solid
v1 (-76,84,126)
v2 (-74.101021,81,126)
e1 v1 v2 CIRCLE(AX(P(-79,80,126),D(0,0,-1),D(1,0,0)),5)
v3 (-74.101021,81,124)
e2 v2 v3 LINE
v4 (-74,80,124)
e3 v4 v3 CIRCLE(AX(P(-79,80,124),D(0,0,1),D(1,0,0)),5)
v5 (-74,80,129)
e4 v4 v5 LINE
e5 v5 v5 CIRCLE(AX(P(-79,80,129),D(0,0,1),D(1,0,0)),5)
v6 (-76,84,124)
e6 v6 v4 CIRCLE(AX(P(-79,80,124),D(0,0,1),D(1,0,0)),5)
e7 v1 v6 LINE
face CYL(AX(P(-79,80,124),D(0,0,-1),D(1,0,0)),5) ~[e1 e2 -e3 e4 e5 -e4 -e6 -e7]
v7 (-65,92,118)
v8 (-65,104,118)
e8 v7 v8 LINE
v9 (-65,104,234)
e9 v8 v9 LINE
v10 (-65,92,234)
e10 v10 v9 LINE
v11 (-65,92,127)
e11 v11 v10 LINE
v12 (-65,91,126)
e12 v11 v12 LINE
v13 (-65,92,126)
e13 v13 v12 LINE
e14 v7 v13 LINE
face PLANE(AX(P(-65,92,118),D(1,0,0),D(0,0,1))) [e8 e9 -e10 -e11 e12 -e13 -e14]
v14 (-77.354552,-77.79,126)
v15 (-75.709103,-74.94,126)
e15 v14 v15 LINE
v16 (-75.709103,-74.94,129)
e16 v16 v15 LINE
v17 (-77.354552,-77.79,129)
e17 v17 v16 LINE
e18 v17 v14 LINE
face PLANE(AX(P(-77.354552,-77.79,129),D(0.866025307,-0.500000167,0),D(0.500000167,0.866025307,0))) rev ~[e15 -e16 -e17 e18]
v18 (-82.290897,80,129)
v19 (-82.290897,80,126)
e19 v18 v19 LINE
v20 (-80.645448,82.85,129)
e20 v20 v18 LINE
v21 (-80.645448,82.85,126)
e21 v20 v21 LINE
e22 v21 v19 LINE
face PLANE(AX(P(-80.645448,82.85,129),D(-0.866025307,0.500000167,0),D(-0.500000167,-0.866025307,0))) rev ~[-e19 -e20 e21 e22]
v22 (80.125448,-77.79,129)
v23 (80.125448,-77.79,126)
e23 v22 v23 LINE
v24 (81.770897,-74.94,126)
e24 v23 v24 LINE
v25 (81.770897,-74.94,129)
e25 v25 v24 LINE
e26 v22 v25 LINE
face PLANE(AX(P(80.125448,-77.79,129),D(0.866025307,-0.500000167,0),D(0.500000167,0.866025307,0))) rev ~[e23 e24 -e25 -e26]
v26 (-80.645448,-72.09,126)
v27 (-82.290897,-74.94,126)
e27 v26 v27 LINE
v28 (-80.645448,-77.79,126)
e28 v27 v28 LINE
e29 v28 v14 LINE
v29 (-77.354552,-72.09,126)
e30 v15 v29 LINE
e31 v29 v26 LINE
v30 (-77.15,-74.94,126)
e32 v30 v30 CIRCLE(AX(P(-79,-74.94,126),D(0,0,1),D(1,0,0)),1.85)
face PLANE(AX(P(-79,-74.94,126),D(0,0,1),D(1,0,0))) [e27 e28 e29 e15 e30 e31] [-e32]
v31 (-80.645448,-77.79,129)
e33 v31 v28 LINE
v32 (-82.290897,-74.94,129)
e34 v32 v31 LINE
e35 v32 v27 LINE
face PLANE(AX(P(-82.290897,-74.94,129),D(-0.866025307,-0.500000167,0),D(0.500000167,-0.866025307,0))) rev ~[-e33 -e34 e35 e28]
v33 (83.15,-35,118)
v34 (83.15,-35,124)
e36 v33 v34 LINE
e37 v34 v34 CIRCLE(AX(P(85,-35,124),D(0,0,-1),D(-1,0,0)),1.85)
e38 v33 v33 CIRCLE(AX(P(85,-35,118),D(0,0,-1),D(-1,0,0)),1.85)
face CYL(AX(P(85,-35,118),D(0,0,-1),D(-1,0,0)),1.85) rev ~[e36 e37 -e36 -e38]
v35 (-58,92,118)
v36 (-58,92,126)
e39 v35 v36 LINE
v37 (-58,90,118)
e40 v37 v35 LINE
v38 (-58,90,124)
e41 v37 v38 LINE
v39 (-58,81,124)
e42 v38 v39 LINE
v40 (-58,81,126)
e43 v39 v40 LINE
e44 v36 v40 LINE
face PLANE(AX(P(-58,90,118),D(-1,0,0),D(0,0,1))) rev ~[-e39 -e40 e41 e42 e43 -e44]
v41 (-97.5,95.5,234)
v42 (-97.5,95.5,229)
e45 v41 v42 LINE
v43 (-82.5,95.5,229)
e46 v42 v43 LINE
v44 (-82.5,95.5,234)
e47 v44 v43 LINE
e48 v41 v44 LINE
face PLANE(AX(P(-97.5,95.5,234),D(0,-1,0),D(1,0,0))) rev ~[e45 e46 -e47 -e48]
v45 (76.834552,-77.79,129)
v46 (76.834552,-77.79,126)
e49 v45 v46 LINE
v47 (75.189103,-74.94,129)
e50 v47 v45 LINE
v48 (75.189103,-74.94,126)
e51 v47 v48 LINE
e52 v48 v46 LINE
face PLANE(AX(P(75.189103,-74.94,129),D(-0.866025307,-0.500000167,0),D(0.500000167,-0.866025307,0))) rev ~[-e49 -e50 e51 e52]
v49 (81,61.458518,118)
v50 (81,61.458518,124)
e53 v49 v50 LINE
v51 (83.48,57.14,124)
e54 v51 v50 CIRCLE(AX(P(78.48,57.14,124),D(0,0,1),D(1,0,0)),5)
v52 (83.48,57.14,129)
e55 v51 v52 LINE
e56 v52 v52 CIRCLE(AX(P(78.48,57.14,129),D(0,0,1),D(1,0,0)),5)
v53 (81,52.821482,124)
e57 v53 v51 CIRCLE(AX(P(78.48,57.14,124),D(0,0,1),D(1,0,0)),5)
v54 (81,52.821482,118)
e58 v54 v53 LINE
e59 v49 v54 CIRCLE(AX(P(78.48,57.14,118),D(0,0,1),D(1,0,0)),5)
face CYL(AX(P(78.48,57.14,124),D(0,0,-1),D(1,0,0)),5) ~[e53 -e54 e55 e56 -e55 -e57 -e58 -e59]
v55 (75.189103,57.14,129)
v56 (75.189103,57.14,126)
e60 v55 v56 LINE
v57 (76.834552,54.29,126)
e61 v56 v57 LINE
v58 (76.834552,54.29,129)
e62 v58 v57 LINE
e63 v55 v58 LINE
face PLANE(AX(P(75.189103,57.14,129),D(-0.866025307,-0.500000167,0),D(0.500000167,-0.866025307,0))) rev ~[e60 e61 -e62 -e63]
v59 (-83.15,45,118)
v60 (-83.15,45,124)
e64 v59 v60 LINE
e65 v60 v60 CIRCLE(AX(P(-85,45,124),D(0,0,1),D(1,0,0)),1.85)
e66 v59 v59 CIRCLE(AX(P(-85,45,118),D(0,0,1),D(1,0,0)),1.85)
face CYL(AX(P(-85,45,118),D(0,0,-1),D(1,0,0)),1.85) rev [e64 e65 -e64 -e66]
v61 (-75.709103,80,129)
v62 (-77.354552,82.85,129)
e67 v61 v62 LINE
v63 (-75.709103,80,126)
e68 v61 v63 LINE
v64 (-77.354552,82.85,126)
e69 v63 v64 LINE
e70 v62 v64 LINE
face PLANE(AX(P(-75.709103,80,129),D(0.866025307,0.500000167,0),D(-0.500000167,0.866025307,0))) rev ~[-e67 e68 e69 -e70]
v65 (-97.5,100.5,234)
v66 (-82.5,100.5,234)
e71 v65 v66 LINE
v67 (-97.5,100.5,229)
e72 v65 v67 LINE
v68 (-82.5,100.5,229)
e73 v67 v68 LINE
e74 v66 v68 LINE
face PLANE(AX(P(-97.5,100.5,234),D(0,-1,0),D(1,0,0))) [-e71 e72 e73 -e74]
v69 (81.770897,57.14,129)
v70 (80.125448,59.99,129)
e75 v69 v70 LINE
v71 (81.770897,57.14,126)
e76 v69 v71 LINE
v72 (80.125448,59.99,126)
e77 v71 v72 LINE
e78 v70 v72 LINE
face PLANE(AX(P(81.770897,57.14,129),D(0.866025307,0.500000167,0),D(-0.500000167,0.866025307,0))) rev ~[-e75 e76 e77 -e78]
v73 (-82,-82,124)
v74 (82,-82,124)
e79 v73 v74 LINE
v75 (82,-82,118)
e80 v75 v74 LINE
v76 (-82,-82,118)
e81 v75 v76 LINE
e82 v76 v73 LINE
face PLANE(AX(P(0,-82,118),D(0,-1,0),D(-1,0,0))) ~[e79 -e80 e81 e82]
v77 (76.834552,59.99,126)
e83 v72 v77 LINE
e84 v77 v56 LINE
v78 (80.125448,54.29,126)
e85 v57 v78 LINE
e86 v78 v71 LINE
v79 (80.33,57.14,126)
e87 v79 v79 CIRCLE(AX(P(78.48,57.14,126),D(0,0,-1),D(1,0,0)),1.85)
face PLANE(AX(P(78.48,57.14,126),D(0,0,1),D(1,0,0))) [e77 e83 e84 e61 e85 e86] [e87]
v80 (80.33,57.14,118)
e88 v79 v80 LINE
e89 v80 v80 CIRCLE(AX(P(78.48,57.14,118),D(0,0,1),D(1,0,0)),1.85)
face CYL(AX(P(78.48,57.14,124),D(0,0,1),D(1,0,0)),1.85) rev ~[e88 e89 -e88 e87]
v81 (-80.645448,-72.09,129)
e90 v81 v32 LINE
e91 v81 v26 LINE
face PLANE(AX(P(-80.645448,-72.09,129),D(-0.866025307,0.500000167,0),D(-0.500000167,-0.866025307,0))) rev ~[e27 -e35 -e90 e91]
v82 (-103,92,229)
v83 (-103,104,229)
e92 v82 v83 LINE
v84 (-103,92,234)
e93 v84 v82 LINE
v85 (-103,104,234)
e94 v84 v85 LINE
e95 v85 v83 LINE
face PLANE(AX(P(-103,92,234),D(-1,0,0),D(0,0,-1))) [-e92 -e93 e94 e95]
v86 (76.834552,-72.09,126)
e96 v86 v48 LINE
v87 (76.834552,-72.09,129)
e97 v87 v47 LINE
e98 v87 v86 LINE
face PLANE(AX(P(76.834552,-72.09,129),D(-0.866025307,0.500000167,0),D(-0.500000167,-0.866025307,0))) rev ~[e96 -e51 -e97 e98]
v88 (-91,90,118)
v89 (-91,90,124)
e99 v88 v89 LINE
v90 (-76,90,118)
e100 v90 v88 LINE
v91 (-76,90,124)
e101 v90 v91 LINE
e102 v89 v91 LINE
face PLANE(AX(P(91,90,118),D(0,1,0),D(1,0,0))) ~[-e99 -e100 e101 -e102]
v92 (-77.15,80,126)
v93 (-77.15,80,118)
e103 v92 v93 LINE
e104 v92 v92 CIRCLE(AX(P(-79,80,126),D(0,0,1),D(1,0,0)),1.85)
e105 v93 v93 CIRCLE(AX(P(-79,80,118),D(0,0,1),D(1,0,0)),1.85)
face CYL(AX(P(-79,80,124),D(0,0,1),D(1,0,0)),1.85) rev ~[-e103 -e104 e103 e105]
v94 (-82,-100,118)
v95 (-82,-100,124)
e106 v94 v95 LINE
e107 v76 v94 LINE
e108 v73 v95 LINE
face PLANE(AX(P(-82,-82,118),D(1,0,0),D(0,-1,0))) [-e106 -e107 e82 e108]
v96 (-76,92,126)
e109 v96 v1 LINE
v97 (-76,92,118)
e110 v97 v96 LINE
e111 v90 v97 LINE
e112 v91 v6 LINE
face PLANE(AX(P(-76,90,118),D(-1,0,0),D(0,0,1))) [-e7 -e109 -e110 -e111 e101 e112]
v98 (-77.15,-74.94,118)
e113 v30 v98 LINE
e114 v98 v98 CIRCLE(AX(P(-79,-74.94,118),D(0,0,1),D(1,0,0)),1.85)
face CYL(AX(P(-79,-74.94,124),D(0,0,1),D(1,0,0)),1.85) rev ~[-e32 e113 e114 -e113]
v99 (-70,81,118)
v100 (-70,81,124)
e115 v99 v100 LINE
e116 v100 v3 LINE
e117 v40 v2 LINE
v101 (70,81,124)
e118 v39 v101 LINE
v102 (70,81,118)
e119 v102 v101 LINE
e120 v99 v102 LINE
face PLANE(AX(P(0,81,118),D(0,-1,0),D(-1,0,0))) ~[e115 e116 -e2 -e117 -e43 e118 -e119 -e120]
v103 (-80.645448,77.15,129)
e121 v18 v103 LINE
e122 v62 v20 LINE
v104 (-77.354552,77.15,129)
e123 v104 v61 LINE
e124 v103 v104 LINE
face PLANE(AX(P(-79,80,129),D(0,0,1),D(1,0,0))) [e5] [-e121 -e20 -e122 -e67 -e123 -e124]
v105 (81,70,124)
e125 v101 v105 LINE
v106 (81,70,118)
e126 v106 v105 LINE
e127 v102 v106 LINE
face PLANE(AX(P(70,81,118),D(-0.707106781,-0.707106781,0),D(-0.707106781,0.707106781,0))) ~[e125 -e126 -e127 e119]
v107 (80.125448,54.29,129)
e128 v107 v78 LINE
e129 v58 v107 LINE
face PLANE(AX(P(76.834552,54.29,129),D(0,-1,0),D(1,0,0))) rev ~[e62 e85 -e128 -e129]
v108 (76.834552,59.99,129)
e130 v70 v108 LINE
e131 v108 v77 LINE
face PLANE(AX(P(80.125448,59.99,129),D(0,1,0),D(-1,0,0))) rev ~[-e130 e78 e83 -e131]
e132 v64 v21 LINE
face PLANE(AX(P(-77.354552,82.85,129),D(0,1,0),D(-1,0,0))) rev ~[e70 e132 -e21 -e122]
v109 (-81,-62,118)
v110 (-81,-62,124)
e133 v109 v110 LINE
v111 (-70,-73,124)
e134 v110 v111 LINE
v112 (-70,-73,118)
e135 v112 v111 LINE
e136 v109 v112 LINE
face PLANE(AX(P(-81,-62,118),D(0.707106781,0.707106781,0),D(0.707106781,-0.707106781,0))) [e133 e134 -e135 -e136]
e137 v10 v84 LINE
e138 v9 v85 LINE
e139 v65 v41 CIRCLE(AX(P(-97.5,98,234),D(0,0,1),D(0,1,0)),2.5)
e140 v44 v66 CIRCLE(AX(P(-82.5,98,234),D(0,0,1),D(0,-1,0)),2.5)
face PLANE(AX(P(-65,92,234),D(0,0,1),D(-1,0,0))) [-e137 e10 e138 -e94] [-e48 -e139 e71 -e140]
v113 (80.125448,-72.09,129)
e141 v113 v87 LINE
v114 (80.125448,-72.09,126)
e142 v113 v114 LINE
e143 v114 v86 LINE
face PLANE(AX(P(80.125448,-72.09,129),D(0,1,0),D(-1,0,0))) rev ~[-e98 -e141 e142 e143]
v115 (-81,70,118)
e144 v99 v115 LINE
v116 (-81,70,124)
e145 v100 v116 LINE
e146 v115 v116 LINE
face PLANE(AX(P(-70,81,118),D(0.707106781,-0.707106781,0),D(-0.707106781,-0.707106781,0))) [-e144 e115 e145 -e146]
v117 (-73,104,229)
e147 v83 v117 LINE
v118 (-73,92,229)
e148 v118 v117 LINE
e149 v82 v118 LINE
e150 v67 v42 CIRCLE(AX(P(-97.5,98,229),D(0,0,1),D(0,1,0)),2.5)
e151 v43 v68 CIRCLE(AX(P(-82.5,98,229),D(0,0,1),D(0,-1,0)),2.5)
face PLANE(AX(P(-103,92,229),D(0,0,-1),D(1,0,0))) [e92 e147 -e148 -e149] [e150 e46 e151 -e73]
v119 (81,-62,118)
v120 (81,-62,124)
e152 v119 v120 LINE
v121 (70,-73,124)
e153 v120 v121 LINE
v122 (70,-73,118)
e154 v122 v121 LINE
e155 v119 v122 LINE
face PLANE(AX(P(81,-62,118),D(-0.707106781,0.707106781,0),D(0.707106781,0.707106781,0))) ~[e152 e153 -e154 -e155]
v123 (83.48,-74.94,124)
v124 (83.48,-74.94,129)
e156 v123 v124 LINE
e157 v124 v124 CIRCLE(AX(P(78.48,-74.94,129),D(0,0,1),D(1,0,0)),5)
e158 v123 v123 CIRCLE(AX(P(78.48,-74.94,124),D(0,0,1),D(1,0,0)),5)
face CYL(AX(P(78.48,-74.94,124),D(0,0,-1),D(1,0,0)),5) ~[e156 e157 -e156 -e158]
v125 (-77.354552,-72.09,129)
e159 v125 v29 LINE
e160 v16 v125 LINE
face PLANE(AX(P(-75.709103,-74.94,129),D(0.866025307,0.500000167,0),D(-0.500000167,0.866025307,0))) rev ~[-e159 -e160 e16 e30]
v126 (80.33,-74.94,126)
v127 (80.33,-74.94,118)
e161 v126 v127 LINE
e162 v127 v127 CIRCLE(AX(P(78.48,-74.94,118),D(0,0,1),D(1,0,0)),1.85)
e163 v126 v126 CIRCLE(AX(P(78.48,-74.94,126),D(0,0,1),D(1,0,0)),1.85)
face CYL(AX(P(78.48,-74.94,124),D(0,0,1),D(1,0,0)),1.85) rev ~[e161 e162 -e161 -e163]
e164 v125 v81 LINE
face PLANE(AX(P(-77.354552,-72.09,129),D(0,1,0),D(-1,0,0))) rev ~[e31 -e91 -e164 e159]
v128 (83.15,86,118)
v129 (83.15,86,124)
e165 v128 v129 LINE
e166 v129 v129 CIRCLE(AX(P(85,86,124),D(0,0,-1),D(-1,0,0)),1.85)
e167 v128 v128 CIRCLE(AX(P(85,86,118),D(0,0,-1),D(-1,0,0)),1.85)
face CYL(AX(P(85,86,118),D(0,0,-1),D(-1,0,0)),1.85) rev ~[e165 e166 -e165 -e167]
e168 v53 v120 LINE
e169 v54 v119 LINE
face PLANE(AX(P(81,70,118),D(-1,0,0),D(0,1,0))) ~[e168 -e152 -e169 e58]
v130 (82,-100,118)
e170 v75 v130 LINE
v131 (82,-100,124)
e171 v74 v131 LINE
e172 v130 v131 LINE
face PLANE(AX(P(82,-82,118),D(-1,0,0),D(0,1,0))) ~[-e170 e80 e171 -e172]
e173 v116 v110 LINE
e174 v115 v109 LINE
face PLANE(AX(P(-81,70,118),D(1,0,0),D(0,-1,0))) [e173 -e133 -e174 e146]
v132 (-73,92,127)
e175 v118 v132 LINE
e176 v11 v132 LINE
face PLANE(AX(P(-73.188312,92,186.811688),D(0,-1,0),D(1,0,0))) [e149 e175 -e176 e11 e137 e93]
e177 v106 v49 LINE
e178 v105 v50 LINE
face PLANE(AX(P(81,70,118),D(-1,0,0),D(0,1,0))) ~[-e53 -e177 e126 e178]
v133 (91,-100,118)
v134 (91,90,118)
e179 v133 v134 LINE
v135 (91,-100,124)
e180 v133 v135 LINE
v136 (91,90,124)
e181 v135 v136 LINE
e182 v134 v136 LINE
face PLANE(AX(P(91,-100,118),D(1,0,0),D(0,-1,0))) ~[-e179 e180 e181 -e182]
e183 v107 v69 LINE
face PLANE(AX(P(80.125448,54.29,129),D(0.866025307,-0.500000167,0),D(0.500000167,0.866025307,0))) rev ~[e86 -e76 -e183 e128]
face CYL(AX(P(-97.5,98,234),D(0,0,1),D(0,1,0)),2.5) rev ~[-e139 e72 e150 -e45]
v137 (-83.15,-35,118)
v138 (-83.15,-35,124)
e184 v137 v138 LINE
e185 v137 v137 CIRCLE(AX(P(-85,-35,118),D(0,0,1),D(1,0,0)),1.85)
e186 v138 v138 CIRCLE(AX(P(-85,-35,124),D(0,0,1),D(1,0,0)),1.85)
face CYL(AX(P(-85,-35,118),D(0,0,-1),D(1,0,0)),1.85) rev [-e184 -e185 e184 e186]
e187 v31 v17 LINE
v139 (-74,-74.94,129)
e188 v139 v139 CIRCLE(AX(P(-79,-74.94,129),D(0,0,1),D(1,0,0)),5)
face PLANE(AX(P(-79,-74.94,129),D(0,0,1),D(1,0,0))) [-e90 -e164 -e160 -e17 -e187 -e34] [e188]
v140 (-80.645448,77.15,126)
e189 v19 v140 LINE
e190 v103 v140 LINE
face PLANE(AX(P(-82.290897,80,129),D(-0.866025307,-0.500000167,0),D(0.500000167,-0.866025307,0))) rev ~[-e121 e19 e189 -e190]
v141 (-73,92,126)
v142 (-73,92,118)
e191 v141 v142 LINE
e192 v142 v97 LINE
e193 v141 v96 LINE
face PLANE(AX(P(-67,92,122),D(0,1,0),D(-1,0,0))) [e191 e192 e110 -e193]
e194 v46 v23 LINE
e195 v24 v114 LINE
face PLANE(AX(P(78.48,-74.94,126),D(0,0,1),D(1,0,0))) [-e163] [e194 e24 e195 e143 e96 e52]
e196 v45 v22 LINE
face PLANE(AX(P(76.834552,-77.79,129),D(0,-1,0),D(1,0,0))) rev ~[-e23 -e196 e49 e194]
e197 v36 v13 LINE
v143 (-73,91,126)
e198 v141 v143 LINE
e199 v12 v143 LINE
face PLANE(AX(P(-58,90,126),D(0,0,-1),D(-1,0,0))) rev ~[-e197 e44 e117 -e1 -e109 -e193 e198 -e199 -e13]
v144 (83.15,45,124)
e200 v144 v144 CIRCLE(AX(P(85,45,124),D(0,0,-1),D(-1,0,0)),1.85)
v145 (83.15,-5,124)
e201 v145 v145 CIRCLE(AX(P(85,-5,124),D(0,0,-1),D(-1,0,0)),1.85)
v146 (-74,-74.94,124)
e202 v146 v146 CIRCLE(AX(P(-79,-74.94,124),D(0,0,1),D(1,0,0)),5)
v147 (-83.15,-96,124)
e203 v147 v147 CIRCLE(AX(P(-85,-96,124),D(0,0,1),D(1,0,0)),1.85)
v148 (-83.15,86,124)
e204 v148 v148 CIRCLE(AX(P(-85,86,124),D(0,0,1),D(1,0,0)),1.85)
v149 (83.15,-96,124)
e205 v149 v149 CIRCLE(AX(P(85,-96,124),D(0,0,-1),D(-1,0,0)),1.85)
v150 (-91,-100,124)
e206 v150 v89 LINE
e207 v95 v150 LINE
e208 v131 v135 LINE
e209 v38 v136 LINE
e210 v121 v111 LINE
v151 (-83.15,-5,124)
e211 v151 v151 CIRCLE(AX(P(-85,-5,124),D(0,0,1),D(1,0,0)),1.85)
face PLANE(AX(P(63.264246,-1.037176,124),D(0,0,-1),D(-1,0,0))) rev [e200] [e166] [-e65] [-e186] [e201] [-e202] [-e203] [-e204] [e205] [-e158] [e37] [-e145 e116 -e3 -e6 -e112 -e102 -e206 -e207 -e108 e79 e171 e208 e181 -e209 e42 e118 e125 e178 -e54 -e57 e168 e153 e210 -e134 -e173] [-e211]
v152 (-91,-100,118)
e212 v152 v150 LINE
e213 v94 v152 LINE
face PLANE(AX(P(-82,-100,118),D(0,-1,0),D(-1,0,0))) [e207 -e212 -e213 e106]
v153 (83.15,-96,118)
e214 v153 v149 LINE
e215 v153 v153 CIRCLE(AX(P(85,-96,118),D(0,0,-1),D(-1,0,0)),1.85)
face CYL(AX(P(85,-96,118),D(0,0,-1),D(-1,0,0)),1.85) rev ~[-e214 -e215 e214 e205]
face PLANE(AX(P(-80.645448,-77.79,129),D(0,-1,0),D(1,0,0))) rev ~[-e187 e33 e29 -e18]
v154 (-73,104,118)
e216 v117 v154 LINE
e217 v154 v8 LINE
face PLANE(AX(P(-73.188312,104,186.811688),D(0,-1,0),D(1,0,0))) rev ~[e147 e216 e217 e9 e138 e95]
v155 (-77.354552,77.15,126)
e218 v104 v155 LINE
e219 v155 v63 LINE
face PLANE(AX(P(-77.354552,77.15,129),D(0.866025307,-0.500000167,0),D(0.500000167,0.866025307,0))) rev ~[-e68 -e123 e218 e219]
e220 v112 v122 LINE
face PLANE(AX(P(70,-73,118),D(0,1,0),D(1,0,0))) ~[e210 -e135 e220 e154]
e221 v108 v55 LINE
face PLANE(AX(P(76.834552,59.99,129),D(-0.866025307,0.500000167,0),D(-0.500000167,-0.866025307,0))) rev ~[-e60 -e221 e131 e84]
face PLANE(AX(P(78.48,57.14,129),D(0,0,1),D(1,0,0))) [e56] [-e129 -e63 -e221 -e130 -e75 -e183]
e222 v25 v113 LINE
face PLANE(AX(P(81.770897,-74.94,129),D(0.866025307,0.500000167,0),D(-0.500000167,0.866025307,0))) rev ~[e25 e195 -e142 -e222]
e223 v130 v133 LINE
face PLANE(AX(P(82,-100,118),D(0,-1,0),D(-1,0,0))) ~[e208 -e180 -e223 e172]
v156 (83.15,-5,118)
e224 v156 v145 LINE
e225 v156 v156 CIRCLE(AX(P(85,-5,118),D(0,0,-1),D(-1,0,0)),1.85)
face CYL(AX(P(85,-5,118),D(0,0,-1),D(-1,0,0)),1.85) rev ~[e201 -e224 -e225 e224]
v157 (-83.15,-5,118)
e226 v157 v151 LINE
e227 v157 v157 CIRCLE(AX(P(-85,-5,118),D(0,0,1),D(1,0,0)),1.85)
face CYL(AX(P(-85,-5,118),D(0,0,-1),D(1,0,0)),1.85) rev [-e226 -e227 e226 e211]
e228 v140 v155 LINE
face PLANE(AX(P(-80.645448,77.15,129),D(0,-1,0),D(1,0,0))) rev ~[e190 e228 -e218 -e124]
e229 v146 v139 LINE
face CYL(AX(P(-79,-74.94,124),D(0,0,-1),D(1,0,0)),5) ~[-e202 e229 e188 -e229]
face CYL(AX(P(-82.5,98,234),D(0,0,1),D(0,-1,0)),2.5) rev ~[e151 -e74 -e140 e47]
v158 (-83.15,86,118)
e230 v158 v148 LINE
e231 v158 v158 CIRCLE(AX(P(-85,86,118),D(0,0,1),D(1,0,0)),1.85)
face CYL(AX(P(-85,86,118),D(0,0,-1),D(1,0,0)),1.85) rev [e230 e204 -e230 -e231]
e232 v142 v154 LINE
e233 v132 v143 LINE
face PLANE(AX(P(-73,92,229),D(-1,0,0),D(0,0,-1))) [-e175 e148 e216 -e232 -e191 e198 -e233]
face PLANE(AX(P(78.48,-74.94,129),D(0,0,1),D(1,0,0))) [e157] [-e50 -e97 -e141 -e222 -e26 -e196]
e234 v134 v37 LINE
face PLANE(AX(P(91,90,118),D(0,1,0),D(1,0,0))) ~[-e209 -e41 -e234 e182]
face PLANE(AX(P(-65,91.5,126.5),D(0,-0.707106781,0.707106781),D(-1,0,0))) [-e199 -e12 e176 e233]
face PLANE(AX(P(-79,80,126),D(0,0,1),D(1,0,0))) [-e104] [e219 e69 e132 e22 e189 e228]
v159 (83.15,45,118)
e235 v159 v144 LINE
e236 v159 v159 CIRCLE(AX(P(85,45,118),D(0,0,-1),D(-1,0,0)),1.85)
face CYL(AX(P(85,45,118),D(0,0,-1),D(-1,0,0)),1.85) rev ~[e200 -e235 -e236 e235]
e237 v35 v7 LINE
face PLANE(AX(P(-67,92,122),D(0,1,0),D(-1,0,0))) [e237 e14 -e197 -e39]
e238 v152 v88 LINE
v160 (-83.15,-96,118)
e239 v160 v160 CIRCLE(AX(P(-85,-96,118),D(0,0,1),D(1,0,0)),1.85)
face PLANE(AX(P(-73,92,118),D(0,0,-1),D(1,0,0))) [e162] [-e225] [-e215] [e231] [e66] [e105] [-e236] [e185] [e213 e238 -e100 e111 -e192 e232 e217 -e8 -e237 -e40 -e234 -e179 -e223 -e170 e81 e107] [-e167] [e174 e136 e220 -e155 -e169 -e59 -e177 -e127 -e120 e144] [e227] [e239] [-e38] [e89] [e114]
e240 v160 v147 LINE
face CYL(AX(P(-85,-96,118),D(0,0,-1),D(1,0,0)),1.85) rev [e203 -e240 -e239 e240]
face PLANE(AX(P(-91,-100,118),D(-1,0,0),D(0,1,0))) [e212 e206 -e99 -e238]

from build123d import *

# Parameters (mm, degrees)
SKETCH158_R          = 1.85
PAD009_DEPTH         = 6
SKETCH159_R          = 5
PAD010_DEPTH         = 5
PAD010_DEPTH_BACK    = 6
SKETCH160_R          = 1.85
POCKET006_DEPTH      = 6.001
POCKET006_DEPTH_BACK = 5.001
POCKET007_DEPTH      = 3
SKETCH162_W          = 18
SKETCH162_H          = 8
PAD011_DEPTH         = 2
PAD011_DEPTH_BACK    = 9
PAD012_DEPTH         = 12
POCKET008_DEPTH      = 5
CHAMFER_SIZE         = 1


with BuildPart() as part:
    # Sketch158 → Pad009 (new body)
    with BuildSketch(Plane.XY):
        Polygon((-91, -102), (-91, 88), (0, 88), (0, 79), (-70, 79), (-81, 68), (-81, -64), (-70, -75), (0, -75), (0, -84), (-82, -84), (-82, -102), align=None)
        with Locations((-85, 84)):
            Circle(SKETCH158_R, mode=Mode.SUBTRACT)
        with Locations((-85, -7)):
            Circle(SKETCH158_R, mode=Mode.SUBTRACT)
        with Locations((-85, -98)):
            Circle(SKETCH158_R, mode=Mode.SUBTRACT)
        with Locations((-85, 43)):
            Circle(SKETCH158_R, mode=Mode.SUBTRACT)
        with Locations((-85, -37)):
            Circle(SKETCH158_R, mode=Mode.SUBTRACT)
    pad009 = extrude(amount=PAD009_DEPTH)

    # Mirrored: Pad009 across Sketch158 V_Axis
    add(pad009.mirror(Plane(origin=(0, 0, 0), x_dir=(0, 0, 1), z_dir=(1, 0, 0))))

    # Sketch159 → Pad010 (join, two sides)
    with BuildSketch(Plane.XY.offset(6)) as pad010_sk:
        with Locations((-79, 78)):
            Circle(SKETCH159_R)
        with Locations((-79, -76.94)):
            Circle(SKETCH159_R)
        with Locations((78.48, -76.94)):
            Circle(SKETCH159_R)
        with Locations((78.48, 55.14)):
            Circle(SKETCH159_R)
    extrude(amount=PAD010_DEPTH)
    extrude(pad010_sk.sketch, amount=-PAD010_DEPTH_BACK)

    # Sketch160 → Pocket006 (cut, two sides)
    with BuildSketch(Plane.XY.offset(6)) as pocket006_sk:
        with Locations((-79, 78)):
            Circle(SKETCH160_R)
        with Locations((-79, -76.94)):
            Circle(SKETCH160_R)
        with Locations((78.48, -76.94)):
            Circle(SKETCH160_R)
        with Locations((78.48, 55.14)):
            Circle(SKETCH160_R)
    extrude(amount=-POCKET006_DEPTH, mode=Mode.SUBTRACT)
    extrude(pocket006_sk.sketch, amount=POCKET006_DEPTH_BACK, mode=Mode.SUBTRACT)

    # Sketch161 → Pocket007 (cut)
    with BuildSketch(Plane.XY.offset(11)):
        Polygon((-75.709103, 78), (-77.354552, 80.85), (-80.645448, 80.85), (-82.290897, 78), (-80.645448, 75.15), (-77.354552, 75.15), align=None)
        Polygon((81.770897, 55.14), (80.125448, 57.99), (76.834552, 57.99), (75.189103, 55.14), (76.834552, 52.29), (80.125448, 52.29), align=None)
        Polygon((81.770897, -76.94), (80.125448, -74.09), (76.834552, -74.09), (75.189103, -76.94), (76.834552, -79.79), (80.125448, -79.79), align=None)
        Polygon((-75.709103, -76.94), (-77.354552, -74.09), (-80.645448, -74.09), (-82.290897, -76.94), (-80.645448, -79.79), (-77.354552, -79.79), align=None)
    extrude(amount=-POCKET007_DEPTH, mode=Mode.SUBTRACT)

    # Sketch162 → Pad011 (join, two sides)
    with BuildSketch(Plane(origin=(0, 88, 0), x_dir=(-1, 0, 0), z_dir=(0, 1, 0))) as pad011_sk:
        with Locations((67, 4)):
            Rectangle(SKETCH162_W, SKETCH162_H)
    extrude(amount=PAD011_DEPTH)
    extrude(pad011_sk.sketch, amount=-PAD011_DEPTH_BACK)

    # Sketch166 (on Face53 of Pad011) → Pad012 (join)
    with BuildSketch(Plane(origin=(0, 90, 0), x_dir=(-1, 0, 0), z_dir=(0, 1, 0))):
        Polygon((73, 0), (65, 0), (65, 116), (103, 116), (103, 111), (73, 111), align=None)
    extrude(amount=PAD012_DEPTH)

    # Sketch167 (on Face88 of Pad012) → Pocket008 (cut)
    with BuildSketch(Plane.XY.offset(116)):
        with BuildLine():
            ThreePointArc((-97.5, 98.5), (-100, 96), (-97.5, 93.5))
            Line((-97.5, 93.5), (-82.5, 93.5))
            ThreePointArc((-82.5, 93.5), (-80, 96), (-82.5, 98.5))
            Line((-97.5, 98.5), (-82.5, 98.5))
        make_face()
    extrude(amount=-POCKET008_DEPTH, mode=Mode.SUBTRACT)

    # Chamfer
    chamfer_edges = [part.edges().sort_by_distance(p)[0] for p in [
        (-69, 90, 8),
    ]]
    chamfer(chamfer_edges, length=CHAMFER_SIZE)


with BuildPart() as part_1:
    # Body006 placement: moved
    add(part.part.moved(Location((0, 2, 118))))


solid = part_1.part
